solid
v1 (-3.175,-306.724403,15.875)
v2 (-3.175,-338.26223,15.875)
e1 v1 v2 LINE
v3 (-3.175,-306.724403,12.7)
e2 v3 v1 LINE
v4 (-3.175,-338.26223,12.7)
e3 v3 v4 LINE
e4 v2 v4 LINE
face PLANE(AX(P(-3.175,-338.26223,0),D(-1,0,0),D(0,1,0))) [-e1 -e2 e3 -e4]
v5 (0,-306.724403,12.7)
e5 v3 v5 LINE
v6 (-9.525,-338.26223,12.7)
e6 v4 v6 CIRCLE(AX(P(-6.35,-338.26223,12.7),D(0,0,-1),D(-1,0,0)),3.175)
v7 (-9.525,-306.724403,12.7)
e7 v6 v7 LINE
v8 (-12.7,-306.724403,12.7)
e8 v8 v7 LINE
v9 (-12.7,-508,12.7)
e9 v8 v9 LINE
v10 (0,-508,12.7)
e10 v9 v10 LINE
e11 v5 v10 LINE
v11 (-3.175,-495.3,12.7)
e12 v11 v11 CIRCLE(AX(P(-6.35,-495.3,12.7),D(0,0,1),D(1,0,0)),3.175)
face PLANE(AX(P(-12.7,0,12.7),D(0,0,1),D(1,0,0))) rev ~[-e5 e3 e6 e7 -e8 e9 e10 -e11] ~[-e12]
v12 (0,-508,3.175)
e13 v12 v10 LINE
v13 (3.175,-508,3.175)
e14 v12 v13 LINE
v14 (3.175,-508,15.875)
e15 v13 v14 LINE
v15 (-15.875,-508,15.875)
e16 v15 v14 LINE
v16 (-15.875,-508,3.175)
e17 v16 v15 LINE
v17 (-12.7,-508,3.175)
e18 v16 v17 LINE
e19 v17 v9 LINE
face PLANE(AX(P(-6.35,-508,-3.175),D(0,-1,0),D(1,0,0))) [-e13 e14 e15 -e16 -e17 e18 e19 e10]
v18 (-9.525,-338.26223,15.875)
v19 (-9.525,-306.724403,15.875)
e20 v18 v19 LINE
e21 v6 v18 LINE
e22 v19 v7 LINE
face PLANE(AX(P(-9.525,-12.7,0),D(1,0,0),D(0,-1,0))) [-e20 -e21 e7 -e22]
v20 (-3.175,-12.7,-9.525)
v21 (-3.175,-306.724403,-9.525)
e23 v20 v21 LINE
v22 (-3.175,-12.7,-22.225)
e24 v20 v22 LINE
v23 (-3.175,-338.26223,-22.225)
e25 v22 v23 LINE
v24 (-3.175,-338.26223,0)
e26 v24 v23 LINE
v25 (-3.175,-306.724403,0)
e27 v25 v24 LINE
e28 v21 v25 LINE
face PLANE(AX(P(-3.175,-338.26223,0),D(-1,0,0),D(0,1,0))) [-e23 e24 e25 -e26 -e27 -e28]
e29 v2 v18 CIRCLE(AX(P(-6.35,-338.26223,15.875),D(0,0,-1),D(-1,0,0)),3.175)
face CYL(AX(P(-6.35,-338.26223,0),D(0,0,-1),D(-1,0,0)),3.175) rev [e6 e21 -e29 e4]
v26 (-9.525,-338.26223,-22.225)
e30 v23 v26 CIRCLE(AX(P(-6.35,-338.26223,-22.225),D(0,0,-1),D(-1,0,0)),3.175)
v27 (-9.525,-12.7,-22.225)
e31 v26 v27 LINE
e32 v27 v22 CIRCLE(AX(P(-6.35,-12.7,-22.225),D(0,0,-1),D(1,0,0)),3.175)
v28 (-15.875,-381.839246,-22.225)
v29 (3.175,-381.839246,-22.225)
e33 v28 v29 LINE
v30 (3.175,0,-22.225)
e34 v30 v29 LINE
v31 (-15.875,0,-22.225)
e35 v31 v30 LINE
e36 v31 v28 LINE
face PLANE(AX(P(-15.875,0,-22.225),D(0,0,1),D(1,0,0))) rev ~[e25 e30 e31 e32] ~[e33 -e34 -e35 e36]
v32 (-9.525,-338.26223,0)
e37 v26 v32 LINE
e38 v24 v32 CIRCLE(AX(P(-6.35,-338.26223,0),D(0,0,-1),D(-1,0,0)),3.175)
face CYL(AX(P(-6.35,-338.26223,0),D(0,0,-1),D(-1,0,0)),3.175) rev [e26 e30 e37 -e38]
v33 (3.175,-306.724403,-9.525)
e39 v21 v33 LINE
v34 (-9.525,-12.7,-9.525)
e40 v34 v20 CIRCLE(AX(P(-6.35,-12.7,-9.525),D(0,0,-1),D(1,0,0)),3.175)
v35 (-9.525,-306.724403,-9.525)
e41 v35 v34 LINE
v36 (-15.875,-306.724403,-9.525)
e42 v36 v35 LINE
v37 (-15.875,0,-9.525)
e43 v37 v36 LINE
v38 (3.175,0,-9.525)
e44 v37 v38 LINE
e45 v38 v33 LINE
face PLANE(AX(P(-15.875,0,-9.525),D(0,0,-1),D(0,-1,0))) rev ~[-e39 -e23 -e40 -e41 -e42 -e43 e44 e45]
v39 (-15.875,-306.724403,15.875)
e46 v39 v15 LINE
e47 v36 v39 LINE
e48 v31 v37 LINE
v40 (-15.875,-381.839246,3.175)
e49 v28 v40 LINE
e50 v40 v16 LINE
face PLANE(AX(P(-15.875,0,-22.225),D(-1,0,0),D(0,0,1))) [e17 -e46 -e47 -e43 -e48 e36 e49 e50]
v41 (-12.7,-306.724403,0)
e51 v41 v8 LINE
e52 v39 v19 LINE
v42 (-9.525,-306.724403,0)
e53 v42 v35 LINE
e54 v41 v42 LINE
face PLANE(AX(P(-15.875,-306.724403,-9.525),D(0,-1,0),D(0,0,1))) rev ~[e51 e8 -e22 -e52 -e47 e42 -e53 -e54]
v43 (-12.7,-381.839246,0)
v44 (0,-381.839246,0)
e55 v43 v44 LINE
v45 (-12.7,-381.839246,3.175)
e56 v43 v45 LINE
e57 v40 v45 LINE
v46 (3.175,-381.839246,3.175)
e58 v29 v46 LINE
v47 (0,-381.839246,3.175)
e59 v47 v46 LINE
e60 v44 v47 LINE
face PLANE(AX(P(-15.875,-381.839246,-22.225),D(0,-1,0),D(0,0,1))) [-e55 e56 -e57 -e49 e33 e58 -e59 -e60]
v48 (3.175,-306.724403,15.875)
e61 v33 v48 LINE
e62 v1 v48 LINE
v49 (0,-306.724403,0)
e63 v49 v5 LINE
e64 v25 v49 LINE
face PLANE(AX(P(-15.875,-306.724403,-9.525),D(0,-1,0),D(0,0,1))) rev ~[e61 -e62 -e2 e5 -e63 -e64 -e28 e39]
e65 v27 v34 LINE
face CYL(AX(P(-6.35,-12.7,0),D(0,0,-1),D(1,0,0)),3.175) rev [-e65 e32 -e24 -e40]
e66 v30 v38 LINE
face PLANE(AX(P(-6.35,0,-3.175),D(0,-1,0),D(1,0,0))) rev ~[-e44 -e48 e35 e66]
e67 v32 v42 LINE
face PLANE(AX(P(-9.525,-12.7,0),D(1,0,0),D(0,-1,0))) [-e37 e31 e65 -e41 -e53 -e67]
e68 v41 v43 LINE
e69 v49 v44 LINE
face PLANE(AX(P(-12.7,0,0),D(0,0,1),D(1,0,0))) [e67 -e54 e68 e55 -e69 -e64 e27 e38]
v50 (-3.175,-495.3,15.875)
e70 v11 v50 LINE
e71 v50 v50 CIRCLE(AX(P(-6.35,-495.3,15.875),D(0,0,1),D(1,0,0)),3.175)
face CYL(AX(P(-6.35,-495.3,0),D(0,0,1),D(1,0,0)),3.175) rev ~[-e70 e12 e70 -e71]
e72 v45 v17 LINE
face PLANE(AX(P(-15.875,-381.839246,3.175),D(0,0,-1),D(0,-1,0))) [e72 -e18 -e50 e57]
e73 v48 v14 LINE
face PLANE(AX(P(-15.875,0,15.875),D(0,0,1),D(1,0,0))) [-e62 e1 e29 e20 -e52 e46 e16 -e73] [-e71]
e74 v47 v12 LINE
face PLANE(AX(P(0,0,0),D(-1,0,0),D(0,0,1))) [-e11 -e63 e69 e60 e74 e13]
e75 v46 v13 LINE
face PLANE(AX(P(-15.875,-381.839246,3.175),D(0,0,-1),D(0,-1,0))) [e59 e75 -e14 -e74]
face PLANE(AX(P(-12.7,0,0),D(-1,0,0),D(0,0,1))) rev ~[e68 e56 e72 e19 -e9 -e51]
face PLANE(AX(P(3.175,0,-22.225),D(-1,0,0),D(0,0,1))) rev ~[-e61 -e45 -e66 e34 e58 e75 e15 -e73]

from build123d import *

# Parameters (mm, degrees)
F0_W     = 19.05
F0_H     = 38.1
F0_W_2   = 12.7
F0_H_2   = 12.7
F1_DEPTH = 508
F2_R     = 3.175
F3_DEPTH = 63.5
F4_W     = 306.7244030911
F4_H     = 25.4
F4_W_2   = 126.1607544422
F5_DEPTH = 25.4


with BuildPart() as f1:
    # F0 (on Front) → F1 (new body)
    with BuildSketch(Plane.XZ):
        with Locations((-6.35, -3.175)):
            Rectangle(F0_W, F0_H)
        with Locations((-6.35, 6.35)):
            Rectangle(F0_W_2, F0_H_2, mode=Mode.SUBTRACT)
    extrude(amount=F1_DEPTH)

    # F2 (on Top) → F3 (cut, symmetric)
    with BuildSketch(Plane.XY):
        with BuildLine():
            Line((-3.175, -254), (-3.175, -12.7))
            ThreePointArc((-3.175, -12.7), (-6.35, -9.525), (-9.525, -12.7))
            Line((-9.525, -12.7), (-9.525, -254))
            Line((-9.525, -254), (-9.525, -338.2622301579))
            ThreePointArc((-9.525, -338.2622301579), (-6.35, -341.4372301579), (-3.175, -338.2622301579))
            Line((-3.175, -338.2622301579), (-3.175, -254))
        make_face()
        with Locations((-6.35, -495.3)):
            Circle(F2_R)
    extrude(amount=F3_DEPTH, both=True, mode=Mode.SUBTRACT)

    # F4 (on face) → F5 (cut)
    with BuildSketch(Plane(origin=(-15.875, 0, 0), x_dir=(0, -1, 0), z_dir=(-1, 0, 0))):
        with Locations((153.3622015456, 3.175)):
            Rectangle(F4_W, F4_H)
        with Locations((444.9196227789, -9.525)):
            Rectangle(F4_W_2, F4_H)
    extrude(amount=-F5_DEPTH, mode=Mode.SUBTRACT)


solid = f1.part
